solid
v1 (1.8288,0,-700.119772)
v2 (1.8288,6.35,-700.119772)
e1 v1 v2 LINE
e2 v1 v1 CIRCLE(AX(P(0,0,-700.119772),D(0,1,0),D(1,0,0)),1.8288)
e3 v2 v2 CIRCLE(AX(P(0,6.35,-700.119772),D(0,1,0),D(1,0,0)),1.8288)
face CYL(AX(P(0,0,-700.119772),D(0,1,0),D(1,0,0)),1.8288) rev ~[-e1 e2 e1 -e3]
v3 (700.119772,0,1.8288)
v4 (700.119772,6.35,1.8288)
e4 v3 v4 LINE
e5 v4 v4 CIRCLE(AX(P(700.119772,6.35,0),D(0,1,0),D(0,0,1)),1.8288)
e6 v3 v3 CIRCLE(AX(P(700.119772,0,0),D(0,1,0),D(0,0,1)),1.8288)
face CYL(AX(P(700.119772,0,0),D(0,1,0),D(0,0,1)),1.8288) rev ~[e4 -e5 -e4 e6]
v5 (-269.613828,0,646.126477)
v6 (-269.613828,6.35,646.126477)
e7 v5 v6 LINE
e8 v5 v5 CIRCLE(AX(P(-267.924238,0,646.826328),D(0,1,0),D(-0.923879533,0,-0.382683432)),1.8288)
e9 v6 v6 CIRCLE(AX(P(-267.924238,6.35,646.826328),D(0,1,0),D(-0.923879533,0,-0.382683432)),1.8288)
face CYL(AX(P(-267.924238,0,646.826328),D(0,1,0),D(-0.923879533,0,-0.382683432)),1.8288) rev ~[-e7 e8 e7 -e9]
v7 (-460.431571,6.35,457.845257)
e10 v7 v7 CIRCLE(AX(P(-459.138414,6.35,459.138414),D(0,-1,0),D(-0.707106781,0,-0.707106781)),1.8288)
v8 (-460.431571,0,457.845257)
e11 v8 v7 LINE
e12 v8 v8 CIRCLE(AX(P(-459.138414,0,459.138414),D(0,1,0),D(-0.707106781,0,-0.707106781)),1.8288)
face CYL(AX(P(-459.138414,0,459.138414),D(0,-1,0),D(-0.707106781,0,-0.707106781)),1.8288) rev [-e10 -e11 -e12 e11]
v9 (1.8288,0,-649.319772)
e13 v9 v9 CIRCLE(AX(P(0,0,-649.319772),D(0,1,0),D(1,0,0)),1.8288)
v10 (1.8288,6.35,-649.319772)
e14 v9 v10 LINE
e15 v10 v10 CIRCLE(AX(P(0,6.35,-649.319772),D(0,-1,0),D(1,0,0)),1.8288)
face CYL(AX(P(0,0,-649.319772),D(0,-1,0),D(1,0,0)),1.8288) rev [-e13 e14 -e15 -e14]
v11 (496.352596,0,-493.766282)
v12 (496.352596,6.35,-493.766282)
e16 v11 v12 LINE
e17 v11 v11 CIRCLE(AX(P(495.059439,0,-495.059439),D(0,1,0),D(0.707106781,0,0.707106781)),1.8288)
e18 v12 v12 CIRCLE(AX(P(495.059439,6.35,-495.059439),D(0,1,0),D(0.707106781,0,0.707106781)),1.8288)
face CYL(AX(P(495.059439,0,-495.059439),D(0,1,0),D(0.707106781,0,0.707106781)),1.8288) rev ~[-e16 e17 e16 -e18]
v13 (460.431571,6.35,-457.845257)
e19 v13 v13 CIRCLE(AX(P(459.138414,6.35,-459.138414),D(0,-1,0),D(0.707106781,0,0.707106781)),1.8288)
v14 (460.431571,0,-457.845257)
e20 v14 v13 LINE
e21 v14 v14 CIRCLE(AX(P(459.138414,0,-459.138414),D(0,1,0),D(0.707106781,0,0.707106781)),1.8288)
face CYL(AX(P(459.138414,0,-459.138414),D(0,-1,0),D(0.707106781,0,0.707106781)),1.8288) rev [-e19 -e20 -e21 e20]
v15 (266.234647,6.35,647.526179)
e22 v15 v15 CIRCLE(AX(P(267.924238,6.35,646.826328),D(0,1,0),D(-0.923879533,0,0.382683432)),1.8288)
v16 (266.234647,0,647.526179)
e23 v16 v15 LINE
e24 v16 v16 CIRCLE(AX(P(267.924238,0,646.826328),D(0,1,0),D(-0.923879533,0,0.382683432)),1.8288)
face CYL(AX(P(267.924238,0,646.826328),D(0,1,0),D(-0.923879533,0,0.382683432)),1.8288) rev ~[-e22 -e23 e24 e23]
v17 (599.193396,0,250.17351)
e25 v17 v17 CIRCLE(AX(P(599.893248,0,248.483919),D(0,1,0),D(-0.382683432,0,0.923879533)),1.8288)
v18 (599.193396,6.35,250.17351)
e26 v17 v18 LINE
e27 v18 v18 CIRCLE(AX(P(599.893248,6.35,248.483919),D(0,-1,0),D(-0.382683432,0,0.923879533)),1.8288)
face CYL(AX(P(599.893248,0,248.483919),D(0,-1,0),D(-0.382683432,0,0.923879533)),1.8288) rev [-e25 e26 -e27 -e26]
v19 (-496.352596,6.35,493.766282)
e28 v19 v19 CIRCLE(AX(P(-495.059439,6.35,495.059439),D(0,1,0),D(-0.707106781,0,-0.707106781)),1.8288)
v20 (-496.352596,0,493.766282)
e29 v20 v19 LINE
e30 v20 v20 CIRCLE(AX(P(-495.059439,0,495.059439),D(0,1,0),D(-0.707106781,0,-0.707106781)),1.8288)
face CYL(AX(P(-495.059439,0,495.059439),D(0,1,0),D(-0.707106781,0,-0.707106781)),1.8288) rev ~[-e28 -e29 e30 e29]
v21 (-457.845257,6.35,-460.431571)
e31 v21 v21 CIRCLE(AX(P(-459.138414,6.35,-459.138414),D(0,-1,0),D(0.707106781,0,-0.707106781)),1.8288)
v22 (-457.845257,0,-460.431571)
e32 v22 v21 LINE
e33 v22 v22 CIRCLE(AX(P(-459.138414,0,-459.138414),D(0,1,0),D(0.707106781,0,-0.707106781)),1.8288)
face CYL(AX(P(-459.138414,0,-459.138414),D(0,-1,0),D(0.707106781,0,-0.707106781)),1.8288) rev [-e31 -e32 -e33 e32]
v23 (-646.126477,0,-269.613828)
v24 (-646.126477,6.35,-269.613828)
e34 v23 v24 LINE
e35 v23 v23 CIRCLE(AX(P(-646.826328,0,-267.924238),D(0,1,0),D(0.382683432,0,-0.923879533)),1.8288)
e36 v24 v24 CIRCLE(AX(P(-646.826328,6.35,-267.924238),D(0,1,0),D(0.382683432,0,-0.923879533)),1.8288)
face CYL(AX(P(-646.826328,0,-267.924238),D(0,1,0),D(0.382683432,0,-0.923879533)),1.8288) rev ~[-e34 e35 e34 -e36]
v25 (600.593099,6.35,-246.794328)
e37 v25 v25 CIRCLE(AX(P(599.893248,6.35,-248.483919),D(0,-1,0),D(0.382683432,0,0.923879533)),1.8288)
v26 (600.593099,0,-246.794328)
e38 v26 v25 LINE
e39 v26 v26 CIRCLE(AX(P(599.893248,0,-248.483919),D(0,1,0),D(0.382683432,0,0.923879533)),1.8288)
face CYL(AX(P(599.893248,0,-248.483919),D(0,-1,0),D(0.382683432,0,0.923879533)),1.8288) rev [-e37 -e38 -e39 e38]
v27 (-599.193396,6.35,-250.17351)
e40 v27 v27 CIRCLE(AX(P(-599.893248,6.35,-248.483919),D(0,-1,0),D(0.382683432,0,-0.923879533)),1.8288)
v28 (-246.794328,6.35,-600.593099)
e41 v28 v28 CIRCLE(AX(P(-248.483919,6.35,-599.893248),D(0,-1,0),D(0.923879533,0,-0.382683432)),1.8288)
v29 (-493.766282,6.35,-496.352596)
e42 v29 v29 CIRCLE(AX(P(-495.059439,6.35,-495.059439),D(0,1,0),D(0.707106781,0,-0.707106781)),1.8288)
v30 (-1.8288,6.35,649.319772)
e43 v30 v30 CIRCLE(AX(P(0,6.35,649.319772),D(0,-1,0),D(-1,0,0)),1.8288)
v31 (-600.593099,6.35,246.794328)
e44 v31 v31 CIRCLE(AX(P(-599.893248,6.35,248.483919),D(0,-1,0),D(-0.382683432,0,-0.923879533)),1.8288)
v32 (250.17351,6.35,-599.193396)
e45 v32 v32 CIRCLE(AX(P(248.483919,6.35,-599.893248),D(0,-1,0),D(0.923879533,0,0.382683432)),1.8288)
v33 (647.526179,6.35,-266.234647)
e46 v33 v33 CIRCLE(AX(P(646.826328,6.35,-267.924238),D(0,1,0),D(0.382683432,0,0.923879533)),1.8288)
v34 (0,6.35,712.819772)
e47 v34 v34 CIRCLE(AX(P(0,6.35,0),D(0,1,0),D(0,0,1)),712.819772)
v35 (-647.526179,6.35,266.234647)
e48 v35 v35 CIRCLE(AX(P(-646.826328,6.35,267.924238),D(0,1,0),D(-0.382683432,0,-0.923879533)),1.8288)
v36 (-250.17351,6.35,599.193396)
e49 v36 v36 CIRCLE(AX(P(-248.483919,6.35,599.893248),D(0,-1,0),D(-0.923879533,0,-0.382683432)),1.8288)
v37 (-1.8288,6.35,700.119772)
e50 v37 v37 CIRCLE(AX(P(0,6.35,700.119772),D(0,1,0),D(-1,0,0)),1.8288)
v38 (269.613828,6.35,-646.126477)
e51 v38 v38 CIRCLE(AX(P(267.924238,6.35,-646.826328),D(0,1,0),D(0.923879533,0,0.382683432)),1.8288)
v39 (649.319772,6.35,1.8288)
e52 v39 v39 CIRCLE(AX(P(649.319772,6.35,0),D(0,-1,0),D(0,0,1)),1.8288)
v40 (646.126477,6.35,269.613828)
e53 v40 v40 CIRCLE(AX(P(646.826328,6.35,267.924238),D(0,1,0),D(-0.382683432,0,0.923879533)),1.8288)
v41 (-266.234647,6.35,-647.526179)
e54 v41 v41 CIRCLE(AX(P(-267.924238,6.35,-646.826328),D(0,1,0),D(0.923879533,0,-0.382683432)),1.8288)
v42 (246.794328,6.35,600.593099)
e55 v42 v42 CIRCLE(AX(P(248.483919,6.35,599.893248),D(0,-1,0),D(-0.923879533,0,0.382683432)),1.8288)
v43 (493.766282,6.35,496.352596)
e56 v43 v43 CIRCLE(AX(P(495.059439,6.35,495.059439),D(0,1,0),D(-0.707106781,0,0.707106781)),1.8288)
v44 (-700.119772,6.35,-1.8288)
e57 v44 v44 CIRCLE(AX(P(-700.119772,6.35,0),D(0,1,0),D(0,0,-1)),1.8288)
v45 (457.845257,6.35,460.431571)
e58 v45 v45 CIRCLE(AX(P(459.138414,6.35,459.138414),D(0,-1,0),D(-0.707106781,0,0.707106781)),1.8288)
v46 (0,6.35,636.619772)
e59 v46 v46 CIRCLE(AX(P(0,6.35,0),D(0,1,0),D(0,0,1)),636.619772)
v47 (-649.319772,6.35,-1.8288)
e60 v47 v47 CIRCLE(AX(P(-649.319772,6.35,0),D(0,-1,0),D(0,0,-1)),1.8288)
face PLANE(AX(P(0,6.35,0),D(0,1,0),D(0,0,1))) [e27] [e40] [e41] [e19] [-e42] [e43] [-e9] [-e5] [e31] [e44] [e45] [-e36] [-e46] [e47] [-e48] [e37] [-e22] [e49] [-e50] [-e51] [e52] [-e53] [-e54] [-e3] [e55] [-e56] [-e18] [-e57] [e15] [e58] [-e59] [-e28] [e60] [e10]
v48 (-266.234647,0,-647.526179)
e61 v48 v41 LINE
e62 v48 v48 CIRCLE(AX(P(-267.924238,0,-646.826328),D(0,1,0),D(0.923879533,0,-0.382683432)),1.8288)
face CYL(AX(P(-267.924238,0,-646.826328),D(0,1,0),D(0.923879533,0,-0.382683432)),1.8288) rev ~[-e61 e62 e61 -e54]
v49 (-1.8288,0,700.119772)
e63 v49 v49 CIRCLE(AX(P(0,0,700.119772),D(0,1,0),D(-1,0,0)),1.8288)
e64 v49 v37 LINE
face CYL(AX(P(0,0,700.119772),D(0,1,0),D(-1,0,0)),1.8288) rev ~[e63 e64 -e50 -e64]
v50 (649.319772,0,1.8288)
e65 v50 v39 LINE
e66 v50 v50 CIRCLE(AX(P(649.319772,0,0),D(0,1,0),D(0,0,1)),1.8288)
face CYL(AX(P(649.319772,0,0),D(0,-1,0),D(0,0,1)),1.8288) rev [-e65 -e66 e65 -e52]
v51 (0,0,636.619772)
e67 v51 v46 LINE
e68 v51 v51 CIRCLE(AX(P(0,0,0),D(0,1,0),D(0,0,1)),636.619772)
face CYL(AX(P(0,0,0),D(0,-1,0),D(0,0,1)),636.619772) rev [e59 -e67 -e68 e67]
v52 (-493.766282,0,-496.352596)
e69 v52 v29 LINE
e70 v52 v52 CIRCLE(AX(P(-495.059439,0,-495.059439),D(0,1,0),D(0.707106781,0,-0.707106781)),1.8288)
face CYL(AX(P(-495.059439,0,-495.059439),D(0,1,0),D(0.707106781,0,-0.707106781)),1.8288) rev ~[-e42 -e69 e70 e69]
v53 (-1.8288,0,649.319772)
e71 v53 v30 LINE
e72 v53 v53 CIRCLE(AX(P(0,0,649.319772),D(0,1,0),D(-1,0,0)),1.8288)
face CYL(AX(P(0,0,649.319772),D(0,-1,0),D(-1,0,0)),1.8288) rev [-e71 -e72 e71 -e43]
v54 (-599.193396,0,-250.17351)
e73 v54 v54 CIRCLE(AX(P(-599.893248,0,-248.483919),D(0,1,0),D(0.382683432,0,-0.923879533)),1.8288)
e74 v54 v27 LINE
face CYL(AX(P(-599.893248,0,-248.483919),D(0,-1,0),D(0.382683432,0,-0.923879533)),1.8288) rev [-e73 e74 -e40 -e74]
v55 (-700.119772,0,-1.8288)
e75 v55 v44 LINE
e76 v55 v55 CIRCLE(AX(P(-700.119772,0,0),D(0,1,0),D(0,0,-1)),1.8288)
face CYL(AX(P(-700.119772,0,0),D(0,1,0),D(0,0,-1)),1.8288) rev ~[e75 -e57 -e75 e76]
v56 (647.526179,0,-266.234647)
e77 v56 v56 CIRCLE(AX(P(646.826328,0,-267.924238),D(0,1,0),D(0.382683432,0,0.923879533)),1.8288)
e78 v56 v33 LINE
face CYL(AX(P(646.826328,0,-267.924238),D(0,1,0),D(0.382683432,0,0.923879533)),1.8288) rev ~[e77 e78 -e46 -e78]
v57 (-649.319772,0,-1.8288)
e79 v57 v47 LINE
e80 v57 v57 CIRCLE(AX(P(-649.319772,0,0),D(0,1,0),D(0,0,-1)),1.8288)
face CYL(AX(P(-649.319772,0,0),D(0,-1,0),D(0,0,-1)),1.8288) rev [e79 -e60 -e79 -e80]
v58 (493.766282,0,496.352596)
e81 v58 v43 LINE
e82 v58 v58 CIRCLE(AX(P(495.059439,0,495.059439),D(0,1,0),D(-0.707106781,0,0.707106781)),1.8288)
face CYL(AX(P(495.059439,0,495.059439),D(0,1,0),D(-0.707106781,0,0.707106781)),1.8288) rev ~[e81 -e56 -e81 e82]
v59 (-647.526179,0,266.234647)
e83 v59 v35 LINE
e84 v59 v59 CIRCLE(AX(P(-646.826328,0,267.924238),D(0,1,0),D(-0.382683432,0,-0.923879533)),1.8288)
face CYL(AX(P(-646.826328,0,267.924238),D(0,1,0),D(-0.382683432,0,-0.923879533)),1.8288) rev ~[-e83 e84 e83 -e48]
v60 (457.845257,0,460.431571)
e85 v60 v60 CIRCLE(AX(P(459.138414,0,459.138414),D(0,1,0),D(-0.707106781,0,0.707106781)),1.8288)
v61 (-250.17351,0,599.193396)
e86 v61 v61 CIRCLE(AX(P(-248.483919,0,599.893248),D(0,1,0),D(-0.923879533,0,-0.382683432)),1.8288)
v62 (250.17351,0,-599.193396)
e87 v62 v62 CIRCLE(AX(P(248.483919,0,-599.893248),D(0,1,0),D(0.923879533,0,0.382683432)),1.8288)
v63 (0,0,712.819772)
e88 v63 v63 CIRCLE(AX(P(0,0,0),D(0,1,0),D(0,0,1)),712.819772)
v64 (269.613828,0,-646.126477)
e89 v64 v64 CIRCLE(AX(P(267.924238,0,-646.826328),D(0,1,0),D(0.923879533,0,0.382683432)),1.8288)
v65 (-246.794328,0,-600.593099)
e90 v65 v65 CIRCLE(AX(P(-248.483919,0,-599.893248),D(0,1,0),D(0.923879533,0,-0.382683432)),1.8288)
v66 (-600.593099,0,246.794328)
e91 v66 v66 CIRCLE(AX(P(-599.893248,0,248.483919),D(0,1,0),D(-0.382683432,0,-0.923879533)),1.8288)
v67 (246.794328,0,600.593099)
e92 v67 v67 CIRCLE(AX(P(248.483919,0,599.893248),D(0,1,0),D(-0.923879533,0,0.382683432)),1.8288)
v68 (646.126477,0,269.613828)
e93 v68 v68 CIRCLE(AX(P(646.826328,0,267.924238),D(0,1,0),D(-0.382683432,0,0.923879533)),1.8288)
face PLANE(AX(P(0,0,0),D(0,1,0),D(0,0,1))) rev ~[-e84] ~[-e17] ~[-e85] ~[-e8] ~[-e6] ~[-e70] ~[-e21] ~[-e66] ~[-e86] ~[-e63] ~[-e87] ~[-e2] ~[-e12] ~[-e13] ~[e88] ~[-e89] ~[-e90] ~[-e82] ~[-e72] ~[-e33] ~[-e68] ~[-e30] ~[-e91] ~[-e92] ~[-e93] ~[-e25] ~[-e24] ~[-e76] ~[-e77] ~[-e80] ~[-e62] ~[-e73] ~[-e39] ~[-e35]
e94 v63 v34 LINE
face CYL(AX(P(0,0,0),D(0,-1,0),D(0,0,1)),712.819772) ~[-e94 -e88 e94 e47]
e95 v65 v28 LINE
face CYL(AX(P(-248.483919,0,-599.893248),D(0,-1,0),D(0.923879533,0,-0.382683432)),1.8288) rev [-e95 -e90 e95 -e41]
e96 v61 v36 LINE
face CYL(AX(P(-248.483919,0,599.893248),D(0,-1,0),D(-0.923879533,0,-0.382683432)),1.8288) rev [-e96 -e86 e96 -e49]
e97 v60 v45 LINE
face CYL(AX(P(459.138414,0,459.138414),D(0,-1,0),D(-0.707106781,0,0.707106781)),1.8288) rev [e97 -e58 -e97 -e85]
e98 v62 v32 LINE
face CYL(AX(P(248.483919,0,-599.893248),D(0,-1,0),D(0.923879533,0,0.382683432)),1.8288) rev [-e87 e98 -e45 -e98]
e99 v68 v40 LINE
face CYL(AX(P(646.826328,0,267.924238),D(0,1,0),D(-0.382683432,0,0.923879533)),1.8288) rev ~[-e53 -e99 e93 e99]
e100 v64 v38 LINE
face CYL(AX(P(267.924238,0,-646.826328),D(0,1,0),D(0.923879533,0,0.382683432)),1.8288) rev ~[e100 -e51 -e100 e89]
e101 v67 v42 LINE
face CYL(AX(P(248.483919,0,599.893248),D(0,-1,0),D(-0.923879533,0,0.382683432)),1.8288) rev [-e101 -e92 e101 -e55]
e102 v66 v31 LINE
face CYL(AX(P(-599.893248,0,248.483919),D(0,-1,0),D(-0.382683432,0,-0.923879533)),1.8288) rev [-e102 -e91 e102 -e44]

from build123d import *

# Parameters (mm, degrees)
SKETCH1_R           = 712.819772368
SKETCH1_R_2         = 636.619772368
TRACKTOP_DEPTH      = 6.35
SKETCH6_R           = 1.8288
MOUNTINGHOLES_DEPTH = 1009.099389076
CIRPATTERN3_COUNT   = 16


with BuildPart() as part:
    # Sketch1 → TrackTop (new body)
    with BuildSketch(Plane(origin=(0, 0, 0), x_dir=(1, 0, 0), z_dir=(0, 1, 0))):
        with Locations(Location((0, 0, 0), (0, 0, 270))):
            Circle(SKETCH1_R)
        with Locations(Location((0, 0, 0), (0, 0, 270))):
            Circle(SKETCH1_R_2, mode=Mode.SUBTRACT)
    extrude(amount=TRACKTOP_DEPTH)

    # Sketch6 → MountingHoles (cut, symmetric)
    with BuildSketch(Plane(origin=(0, 0, 0), x_dir=(1, 0, 0), z_dir=(0, 1, 0))):
        with Locations(Location((649.319772368, 0, 0), (0, 0, 270))):
            Circle(SKETCH6_R)
        with Locations(Location((700.119772368, 0, 0), (0, 0, 270))):
            Circle(SKETCH6_R)
    mountingholes = extrude(amount=MOUNTINGHOLES_DEPTH, both=True, mode=Mode.SUBTRACT)

    # CirPattern3: MountingHoles ×16 about axis
    cirpattern3_axis = Axis((0, 0, 0), (0, 1, 0))
    for i in range(1, CIRPATTERN3_COUNT):
        add(mountingholes.rotate(cirpattern3_axis, i * 360 / CIRPATTERN3_COUNT), mode=Mode.SUBTRACT)


solid = part.part
